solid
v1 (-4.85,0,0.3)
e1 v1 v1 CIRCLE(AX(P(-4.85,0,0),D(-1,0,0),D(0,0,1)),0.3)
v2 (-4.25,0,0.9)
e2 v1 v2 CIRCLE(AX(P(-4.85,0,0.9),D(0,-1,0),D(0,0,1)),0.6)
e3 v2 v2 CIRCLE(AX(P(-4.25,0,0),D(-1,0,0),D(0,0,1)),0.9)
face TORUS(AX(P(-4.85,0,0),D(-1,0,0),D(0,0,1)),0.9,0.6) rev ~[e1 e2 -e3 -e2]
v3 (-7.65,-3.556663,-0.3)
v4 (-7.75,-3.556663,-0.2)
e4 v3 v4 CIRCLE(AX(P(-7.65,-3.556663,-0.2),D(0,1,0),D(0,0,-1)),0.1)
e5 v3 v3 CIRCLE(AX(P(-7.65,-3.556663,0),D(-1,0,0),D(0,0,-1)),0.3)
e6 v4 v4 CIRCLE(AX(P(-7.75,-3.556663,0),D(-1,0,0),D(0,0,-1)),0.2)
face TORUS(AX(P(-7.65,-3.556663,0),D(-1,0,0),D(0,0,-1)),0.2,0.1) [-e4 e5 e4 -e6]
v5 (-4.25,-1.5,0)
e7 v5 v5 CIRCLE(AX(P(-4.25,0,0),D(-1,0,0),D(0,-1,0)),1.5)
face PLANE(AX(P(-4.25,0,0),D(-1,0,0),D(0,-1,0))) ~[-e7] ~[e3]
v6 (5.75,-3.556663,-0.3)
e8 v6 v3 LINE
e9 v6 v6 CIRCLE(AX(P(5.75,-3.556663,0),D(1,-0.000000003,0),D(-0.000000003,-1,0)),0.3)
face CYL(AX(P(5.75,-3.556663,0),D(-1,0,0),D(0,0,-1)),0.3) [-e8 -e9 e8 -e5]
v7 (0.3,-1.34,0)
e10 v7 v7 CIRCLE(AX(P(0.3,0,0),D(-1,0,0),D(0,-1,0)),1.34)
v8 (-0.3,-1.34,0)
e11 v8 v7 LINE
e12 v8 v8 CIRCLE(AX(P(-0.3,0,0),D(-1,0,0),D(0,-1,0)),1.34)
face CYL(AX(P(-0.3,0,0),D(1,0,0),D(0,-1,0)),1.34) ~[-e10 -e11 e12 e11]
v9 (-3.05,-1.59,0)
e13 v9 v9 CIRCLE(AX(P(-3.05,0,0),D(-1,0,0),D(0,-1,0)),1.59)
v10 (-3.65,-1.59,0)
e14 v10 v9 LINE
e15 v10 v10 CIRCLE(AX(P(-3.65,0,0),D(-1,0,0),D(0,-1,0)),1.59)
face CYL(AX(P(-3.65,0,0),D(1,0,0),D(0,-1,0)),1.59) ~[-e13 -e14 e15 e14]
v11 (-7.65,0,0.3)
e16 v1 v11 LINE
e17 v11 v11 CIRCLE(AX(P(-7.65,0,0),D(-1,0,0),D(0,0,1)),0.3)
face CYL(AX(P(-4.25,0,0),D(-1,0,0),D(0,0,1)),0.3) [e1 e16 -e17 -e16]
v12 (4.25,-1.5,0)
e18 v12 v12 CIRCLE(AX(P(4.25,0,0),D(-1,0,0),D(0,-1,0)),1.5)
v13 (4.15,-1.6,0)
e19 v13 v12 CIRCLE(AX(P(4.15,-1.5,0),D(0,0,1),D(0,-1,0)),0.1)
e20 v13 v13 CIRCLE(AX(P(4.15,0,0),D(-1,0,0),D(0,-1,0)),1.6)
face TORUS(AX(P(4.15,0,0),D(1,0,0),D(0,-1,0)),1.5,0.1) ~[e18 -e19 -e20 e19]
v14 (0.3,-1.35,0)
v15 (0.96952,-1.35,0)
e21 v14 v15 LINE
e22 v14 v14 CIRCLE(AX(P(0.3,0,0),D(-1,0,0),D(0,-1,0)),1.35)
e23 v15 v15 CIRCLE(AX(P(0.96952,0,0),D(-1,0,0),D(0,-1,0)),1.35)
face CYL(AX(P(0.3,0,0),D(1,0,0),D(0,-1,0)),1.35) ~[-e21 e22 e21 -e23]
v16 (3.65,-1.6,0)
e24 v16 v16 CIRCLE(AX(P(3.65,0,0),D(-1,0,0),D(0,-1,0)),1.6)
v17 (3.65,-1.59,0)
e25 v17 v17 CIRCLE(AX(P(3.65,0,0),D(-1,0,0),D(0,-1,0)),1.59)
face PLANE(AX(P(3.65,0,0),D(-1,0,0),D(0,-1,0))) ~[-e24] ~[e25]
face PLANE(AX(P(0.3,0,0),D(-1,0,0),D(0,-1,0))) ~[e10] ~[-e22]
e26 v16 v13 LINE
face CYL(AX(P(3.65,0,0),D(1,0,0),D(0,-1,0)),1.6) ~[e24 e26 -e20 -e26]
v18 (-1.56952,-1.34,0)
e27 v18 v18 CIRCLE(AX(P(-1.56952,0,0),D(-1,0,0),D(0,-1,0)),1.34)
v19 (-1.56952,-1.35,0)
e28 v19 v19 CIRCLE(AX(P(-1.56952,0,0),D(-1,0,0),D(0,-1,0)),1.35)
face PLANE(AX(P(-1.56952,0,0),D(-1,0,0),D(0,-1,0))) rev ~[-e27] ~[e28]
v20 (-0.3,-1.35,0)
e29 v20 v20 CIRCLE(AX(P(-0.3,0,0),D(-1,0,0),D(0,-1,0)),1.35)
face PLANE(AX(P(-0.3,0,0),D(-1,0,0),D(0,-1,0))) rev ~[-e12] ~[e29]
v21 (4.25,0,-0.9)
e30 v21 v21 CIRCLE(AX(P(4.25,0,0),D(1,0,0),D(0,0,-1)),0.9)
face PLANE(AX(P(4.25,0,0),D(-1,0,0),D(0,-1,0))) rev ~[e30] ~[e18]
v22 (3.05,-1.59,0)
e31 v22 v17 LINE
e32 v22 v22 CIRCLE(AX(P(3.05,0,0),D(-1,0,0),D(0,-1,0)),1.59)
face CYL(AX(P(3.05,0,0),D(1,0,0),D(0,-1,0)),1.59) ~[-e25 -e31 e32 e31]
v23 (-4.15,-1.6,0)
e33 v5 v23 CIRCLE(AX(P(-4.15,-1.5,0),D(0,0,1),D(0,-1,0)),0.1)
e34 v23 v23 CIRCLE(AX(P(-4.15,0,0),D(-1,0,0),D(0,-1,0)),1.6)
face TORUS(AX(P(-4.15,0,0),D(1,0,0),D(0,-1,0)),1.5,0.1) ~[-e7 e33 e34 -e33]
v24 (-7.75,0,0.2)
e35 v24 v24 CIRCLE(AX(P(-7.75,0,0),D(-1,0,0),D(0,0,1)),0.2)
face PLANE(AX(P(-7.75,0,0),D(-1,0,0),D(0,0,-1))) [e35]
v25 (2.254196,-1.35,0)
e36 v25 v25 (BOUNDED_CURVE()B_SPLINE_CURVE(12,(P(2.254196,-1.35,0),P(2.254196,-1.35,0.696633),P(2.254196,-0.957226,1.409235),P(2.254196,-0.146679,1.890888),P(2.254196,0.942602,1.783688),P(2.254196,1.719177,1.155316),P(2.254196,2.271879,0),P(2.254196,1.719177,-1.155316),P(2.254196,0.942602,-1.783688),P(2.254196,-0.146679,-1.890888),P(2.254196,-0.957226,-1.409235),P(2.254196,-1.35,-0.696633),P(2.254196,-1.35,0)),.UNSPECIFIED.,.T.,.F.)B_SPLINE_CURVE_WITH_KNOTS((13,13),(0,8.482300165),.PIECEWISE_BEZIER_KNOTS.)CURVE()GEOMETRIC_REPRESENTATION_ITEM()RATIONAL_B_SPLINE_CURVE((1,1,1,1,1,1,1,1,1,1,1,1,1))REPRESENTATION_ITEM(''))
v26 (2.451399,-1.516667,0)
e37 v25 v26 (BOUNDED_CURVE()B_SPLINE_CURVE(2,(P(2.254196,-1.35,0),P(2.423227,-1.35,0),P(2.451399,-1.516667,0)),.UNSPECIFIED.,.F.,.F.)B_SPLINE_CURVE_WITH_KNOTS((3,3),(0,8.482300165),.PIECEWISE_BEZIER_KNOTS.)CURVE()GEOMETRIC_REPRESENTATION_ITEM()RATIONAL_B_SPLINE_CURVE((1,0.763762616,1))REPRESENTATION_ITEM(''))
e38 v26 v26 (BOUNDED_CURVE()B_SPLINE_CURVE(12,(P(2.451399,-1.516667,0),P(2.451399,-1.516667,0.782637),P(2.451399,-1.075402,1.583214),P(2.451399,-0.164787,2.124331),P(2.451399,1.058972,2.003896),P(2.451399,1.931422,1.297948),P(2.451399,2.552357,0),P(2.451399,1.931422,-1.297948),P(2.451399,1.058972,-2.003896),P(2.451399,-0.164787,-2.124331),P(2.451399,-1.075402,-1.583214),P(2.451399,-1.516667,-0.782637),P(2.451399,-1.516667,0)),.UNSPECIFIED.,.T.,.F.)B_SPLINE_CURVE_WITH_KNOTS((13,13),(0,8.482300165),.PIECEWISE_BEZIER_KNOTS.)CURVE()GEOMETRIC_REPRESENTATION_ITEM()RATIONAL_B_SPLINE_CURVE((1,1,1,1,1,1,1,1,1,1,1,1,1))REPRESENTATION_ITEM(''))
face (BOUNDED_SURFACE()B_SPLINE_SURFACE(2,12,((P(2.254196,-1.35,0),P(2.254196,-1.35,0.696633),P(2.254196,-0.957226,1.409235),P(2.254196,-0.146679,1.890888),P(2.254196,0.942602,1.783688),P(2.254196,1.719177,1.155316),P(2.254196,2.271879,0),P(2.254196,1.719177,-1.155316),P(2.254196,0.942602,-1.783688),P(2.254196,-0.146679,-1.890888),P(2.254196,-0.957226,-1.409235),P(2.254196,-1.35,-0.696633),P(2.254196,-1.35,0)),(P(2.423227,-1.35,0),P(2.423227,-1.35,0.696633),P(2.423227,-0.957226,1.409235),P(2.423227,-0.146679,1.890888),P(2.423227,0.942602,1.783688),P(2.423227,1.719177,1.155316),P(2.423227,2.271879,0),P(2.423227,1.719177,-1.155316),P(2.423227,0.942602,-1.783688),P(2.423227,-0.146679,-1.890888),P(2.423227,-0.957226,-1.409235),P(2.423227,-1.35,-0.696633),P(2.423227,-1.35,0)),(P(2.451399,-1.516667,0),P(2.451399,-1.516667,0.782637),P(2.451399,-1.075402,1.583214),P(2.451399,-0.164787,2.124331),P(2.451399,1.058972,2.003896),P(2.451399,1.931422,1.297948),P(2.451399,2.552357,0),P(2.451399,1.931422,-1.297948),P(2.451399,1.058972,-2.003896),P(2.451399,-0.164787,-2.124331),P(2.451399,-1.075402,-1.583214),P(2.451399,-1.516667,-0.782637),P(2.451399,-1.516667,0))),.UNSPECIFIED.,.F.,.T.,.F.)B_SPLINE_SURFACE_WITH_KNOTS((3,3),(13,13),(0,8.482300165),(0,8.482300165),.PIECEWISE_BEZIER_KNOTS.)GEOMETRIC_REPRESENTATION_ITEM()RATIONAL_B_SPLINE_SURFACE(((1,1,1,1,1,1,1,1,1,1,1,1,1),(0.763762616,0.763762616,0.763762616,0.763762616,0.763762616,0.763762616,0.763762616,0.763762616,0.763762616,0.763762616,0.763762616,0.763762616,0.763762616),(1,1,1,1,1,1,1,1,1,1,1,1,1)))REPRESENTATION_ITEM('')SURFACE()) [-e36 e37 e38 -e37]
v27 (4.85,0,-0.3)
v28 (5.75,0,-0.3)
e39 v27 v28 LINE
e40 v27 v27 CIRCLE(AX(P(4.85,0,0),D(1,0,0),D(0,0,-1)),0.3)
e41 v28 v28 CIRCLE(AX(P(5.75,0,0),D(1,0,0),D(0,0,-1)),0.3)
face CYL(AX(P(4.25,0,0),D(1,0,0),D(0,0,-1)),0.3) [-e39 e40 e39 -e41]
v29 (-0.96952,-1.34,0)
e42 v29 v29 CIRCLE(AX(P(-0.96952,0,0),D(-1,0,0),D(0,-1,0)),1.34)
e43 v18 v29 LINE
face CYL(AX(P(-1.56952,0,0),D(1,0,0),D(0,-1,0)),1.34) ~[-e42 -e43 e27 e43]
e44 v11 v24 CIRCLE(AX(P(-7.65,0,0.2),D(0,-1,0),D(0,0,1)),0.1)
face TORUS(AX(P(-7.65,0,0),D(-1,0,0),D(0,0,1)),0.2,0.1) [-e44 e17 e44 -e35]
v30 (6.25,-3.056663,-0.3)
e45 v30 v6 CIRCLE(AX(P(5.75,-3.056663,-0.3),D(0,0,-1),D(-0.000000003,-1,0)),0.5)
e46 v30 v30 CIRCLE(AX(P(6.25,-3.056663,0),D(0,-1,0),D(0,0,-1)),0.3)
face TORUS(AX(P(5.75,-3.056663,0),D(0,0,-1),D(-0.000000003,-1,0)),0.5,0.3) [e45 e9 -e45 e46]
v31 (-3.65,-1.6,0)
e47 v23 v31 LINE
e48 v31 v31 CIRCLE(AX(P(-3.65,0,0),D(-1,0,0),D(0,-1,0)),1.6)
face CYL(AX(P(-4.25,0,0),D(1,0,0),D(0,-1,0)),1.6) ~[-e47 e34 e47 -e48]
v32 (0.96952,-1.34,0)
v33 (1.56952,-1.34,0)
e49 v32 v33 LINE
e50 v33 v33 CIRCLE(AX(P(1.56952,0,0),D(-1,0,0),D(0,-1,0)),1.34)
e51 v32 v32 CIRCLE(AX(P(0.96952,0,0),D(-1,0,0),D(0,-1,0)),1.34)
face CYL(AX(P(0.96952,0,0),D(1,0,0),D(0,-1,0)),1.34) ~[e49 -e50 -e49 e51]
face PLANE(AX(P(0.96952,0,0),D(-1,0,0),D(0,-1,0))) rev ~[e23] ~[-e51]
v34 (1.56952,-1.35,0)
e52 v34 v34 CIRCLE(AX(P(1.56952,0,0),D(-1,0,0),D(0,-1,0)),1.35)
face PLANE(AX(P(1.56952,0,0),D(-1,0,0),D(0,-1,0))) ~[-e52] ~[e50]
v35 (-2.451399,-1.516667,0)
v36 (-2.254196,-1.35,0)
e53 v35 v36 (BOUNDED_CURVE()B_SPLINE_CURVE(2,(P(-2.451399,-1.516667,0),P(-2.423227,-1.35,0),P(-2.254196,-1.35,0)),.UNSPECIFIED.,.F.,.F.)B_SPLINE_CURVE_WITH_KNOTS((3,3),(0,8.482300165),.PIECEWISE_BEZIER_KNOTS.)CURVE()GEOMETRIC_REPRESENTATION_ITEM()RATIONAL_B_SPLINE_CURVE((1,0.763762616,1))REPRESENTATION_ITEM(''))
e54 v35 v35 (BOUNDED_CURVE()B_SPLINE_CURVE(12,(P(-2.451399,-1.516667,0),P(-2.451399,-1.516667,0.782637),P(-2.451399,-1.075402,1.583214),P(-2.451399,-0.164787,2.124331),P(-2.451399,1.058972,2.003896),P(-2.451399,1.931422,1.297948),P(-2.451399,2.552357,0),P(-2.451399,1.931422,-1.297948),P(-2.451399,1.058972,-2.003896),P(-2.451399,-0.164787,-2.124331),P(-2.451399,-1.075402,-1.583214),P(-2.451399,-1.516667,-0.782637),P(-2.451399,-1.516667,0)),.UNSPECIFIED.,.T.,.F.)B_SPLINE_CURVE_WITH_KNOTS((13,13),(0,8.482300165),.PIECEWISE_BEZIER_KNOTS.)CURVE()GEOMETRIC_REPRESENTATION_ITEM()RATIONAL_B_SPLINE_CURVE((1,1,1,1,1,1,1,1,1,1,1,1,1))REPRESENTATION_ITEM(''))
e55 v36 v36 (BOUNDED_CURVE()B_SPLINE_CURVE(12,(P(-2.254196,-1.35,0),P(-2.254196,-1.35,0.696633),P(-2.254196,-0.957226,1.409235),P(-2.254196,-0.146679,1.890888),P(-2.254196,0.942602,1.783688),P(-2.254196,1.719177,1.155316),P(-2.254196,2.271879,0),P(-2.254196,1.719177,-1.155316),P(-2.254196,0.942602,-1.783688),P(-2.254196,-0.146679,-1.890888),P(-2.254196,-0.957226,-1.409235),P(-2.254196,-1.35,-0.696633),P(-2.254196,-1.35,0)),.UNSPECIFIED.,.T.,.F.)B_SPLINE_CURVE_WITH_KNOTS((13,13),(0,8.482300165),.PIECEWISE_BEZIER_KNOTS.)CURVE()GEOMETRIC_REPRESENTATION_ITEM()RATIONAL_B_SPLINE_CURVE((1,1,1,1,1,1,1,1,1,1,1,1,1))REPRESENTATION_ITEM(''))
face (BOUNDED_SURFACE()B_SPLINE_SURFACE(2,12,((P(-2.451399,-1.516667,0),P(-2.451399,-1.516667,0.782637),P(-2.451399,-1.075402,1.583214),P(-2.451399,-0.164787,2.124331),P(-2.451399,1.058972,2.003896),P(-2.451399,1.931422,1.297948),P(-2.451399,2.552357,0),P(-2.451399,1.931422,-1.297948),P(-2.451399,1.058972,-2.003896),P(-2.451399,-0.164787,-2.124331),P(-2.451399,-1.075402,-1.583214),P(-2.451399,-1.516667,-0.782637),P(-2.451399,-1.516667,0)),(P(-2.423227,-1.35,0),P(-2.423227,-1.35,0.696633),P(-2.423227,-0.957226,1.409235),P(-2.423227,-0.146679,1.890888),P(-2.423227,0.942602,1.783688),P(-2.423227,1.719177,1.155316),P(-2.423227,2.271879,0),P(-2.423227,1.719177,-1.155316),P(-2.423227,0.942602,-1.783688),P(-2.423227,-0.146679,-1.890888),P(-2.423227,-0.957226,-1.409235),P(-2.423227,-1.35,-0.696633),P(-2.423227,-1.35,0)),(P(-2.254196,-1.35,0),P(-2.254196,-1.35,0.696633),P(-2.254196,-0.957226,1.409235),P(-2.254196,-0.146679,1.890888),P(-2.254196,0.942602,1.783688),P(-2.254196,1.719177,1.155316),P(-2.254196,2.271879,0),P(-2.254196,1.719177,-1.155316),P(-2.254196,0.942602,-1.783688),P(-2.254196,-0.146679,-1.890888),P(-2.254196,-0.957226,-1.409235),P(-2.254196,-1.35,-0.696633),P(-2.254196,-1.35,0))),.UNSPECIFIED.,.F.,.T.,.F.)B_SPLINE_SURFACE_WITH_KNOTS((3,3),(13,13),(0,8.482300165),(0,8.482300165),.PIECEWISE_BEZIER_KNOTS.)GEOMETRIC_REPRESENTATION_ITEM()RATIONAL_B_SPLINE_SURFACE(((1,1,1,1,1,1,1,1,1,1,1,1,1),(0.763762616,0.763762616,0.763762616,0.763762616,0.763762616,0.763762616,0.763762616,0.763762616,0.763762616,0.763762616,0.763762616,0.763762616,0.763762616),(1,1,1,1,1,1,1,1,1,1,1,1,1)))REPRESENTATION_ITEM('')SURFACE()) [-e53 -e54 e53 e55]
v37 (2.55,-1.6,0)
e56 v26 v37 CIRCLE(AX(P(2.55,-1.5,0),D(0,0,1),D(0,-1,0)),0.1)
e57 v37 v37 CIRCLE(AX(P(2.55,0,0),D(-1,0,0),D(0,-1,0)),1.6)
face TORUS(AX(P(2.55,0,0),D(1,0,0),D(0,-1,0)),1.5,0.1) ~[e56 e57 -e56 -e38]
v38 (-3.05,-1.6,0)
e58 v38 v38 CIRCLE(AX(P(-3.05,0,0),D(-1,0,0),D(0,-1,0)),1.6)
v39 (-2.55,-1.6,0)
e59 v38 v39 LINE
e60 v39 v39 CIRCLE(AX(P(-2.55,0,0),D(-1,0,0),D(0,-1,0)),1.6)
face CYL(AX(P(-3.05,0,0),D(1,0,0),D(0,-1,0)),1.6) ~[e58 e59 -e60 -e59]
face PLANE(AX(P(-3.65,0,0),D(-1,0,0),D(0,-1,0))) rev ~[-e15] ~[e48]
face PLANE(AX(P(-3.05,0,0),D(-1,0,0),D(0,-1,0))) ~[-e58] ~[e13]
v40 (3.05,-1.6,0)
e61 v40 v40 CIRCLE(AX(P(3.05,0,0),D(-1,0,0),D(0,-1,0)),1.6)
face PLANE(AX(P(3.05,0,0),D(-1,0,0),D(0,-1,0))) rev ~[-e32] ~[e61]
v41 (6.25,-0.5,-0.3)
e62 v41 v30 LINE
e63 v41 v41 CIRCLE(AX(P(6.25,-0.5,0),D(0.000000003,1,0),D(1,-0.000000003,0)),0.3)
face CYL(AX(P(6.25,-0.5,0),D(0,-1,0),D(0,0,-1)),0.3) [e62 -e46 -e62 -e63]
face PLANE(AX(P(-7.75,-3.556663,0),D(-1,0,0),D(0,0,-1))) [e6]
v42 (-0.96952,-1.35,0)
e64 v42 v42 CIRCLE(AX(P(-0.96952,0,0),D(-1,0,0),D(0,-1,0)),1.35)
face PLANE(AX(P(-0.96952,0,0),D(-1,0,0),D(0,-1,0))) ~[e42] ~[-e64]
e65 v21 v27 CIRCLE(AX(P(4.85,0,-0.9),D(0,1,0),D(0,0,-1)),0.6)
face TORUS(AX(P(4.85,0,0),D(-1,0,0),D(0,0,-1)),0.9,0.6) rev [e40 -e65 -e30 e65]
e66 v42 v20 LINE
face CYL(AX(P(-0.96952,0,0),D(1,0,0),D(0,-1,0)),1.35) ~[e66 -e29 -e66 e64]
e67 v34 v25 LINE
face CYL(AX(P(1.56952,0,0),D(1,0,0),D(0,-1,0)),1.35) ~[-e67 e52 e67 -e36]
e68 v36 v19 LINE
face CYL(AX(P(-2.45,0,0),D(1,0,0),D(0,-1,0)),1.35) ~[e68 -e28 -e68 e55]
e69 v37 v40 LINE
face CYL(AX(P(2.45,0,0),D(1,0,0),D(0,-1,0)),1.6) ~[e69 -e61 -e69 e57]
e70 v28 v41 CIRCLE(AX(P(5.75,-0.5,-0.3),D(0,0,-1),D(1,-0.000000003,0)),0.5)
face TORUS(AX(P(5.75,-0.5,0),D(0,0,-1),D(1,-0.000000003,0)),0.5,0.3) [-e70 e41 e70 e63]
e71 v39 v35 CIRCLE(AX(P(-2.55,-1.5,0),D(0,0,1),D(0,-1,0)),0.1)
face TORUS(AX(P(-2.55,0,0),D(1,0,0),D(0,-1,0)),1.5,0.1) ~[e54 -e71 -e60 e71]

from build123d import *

# Parameters (mm, degrees)
FILLET10_R = 0.1
FILLET11_R = 0.2
SKETCH3_R  = 0.3
SKETCH4_R  = 0.3
FILLET12_R = 0.1
FILLET13_R = 0.6


with BuildPart() as part:
    # Sketch1 → Revolve2 (revolve)
    with BuildSketch(Plane.XY):
        Polygon((4.25, 0), (-4.25, 0), (-4.25, -1.6), (-3.65, -1.6), (-3.65, -1.59), (-3.05, -1.59), (-3.05, -1.6), (-2.45, -1.6), (-2.45, -1.35), (-1.569520407, -1.35), (-1.569520407, -1.34), (-0.969520407, -1.34), (-0.969520407, -1.35), (-0.3, -1.35), (-0.3, -1.34), (0.3, -1.34), (0.3, -1.35), (0.969520407, -1.35), (0.969520407, -1.34), (1.569520407, -1.34), (1.569520407, -1.35), (2.45, -1.35), (2.45, -1.6), (3.05, -1.6), (3.05, -1.59), (3.65, -1.59), (3.65, -1.6), (4.25, -1.6), align=None)
    revolve(axis=Axis((4.25, 0, 0), (-1, 0, 0)))

    # Fillet10
    fillet10_edges = [part.edges().sort_by_distance(p)[0] for p in [
        (2.45, 1.6, 0),
        (4.25, 1.6, 0),
        (-4.25, 1.6, 0),
        (-2.45, 1.6, 0),
    ]]
    fillet(fillet10_edges, radius=FILLET10_R)

    # Fillet11
    fillet11_edges = [part.edges().sort_by_distance(p)[0] for p in [
        (2.45, 1.35, 0),
        (-2.45, 1.35, 0),
    ]]
    fillet(fillet11_edges, radius=FILLET11_R)

    # Sweep1: sweep along a curve in space
    with BuildLine() as sweep1_path:
        Line((4.25, 0, 0), (5.75, 0, 0))
        ThreePointArc((6.25, -0.5, 0), (6.103553391, -0.146446609, 0), (5.75, 0, 0))
        Line((6.25, -0.5, 0), (6.25, -3.05666344, 0))
        ThreePointArc((5.75, -3.55666344, 0), (6.103553391, -3.410216831, 0), (6.25, -3.05666344, 0))
        Line((5.75, -3.55666344, 0), (-7.75, -3.55666344, 0))
    # Sketch3 → Sweep1 (sweep)
    with BuildSketch(Plane(origin=(4.25, 0, 0), x_dir=(0, 0, -1), z_dir=(1, 0, 0))):
        Circle(SKETCH3_R)
    sweep(path=sweep1_path.line)

    # Sweep2: sweep along a curve in space
    with BuildLine() as sweep2_path:
        Line((-4.25, 0, 0), (-7.75, 0, 0))
    # Sketch4 → Sweep2 (sweep)
    with BuildSketch(Plane.ZY.offset(4.25)):
        Circle(SKETCH4_R)
    sweep(path=sweep2_path.line)

    # Fillet12
    fillet12_edges = [part.edges().sort_by_distance(p)[0] for p in [
        (-7.75, -3.55666344, 0.3),
        (-7.75, 0, -0.3),
    ]]
    fillet(fillet12_edges, radius=FILLET12_R)

    # Fillet13
    fillet13_edges = [part.edges().sort_by_distance(p)[0] for p in [
        (4.25, 0, 0.3),
        (-4.25, 0, -0.3),
    ]]
    fillet(fillet13_edges, radius=FILLET13_R)


solid = part.part
